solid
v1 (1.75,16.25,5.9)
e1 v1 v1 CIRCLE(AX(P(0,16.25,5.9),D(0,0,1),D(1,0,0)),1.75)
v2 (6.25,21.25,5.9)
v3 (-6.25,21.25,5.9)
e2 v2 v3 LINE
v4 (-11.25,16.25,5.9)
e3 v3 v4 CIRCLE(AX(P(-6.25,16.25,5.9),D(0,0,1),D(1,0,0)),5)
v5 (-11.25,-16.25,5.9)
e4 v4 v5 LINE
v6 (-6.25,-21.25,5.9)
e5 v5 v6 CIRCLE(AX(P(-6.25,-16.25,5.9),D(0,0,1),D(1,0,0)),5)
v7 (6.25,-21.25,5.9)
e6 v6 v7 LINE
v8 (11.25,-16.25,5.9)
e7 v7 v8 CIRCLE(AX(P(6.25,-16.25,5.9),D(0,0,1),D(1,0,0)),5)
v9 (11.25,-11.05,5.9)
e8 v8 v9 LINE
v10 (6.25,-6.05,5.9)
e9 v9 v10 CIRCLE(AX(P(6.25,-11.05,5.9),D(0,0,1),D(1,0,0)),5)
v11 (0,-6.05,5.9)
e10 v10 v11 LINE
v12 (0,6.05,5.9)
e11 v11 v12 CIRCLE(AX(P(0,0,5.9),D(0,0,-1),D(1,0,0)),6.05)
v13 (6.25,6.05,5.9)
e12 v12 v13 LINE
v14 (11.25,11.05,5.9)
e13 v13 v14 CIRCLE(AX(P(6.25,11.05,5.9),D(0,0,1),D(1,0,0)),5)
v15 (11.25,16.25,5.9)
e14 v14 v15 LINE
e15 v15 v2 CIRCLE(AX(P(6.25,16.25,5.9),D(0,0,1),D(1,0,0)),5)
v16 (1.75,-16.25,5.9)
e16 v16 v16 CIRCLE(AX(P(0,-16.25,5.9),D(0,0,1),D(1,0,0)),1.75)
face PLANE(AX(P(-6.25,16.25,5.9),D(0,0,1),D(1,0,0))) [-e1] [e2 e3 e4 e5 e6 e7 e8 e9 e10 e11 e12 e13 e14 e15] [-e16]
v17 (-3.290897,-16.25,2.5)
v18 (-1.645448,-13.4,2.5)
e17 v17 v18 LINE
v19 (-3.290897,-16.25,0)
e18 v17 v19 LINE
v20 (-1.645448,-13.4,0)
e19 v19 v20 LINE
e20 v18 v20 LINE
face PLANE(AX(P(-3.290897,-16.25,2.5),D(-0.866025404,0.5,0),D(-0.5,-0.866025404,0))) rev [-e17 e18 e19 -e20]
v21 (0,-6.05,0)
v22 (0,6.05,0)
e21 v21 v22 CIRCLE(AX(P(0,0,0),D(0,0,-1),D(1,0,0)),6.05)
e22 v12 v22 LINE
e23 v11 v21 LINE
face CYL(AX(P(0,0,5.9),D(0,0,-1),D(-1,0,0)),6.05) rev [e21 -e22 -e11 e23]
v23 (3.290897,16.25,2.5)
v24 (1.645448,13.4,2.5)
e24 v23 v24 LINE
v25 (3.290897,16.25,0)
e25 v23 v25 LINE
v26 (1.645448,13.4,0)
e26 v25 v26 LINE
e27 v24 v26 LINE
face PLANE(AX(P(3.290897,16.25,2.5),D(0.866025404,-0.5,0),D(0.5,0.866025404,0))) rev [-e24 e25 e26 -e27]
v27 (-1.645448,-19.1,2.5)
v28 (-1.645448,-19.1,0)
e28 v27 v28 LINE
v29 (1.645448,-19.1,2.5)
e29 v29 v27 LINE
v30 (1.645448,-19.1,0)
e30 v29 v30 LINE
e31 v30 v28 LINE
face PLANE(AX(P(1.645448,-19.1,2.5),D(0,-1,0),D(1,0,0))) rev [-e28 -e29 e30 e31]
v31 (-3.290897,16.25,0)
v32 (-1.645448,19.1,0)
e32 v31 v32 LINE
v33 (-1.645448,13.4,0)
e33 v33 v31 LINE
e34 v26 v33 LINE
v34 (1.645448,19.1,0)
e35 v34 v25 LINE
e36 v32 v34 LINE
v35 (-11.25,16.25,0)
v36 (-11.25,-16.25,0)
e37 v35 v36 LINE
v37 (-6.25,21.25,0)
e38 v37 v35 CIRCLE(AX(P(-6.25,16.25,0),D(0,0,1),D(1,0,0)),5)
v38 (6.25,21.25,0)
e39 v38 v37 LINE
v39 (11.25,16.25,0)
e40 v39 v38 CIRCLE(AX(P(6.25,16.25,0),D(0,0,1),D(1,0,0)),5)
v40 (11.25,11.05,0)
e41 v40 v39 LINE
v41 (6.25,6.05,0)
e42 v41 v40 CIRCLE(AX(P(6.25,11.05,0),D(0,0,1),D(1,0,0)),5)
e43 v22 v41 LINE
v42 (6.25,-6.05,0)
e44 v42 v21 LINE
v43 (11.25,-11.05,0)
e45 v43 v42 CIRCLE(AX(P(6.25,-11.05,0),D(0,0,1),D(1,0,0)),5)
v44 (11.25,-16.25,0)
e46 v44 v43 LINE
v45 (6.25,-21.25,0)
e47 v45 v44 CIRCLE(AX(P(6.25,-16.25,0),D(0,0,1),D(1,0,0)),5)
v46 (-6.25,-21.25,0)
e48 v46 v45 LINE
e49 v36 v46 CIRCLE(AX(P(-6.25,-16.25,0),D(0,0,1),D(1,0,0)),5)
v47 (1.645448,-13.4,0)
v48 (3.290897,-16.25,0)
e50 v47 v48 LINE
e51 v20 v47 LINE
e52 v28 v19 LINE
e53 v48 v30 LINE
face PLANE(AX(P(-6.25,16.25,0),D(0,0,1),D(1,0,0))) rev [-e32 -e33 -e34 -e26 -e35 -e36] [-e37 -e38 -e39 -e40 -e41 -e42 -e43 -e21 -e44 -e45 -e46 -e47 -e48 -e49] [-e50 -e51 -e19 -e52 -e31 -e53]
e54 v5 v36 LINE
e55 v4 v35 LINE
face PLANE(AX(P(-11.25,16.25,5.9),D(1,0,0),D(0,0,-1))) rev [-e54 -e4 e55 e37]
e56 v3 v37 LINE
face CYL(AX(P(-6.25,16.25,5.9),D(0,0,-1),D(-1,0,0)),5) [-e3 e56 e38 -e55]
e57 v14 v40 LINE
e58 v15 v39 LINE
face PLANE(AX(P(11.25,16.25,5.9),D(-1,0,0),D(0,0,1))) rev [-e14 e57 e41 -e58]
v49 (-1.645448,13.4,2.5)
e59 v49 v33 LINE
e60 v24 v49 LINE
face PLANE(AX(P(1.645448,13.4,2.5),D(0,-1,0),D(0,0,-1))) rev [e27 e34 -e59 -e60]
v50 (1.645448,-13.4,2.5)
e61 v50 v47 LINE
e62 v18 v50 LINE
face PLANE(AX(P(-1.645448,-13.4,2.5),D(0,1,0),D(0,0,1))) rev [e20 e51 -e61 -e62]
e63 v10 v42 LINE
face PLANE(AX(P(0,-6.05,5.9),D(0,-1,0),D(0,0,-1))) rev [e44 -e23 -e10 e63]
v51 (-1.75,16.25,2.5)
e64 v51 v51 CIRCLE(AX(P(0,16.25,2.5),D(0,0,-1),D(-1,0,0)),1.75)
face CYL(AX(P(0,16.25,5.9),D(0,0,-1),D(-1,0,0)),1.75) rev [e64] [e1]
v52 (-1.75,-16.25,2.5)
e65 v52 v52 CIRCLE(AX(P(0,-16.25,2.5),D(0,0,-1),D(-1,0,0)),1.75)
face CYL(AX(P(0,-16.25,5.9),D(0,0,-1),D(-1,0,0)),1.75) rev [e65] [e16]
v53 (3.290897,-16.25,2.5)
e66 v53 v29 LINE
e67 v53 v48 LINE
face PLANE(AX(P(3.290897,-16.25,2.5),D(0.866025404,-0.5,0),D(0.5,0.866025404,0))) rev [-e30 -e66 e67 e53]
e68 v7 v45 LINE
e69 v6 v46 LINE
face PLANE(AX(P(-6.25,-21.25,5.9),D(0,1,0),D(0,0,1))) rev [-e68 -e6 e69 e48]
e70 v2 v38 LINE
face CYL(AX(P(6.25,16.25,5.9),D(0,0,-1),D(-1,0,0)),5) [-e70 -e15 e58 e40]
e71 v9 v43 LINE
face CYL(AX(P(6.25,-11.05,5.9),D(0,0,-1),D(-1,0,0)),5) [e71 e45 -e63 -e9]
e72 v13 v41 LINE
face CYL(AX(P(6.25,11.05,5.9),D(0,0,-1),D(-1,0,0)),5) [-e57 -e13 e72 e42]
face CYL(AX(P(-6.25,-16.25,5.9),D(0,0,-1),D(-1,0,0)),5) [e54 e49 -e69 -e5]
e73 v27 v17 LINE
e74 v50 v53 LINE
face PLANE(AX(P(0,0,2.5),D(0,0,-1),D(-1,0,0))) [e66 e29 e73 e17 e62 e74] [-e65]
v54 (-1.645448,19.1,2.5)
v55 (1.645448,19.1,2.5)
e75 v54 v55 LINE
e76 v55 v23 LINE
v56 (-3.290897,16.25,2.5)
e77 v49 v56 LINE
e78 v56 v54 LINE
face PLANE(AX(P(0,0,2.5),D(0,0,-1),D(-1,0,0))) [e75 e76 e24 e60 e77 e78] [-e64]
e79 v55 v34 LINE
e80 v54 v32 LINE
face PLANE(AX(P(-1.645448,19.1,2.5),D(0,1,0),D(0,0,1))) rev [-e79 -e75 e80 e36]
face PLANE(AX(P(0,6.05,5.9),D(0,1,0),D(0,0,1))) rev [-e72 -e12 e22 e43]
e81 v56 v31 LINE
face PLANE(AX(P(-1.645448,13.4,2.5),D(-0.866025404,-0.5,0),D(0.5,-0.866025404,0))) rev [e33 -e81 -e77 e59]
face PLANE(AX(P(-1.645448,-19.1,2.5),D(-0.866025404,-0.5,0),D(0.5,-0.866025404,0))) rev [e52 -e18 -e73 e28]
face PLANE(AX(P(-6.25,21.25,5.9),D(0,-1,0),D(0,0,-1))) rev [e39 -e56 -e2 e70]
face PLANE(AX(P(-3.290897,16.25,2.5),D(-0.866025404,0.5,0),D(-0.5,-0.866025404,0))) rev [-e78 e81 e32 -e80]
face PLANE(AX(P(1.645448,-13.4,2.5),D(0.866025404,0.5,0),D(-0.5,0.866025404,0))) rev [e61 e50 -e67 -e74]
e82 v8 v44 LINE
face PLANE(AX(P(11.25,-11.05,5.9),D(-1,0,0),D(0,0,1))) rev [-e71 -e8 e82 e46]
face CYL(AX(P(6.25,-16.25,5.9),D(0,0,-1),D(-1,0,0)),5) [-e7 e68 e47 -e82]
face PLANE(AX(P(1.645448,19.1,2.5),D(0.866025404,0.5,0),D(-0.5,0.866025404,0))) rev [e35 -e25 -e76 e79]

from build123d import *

# Parameters (mm, degrees)
SKETCH_1_R          = 1.75
EXTRUDE_1_DEPTH     = 5.9
CUT_EXTRUDE_1_DEPTH = 2.5


with BuildPart() as part:
    # 草图1 → 凸台-拉伸1 (new body)
    with BuildSketch(Plane.XY):
        with BuildLine():
            Line((-11.25, 16.25), (-11.25, -16.25))
            ThreePointArc((-11.25, -16.25), (-9.785533906, -19.785533906), (-6.25, -21.25))
            Line((-6.25, -21.25), (6.25, -21.25))
            ThreePointArc((6.25, -21.25), (9.785533906, -19.785533906), (11.25, -16.25))
            Line((11.25, -16.25), (11.25, -11.05))
            ThreePointArc((11.25, -11.05), (9.785533906, -7.514466094), (6.25, -6.05))
            Line((6.25, -6.05), (0, -6.05))
            ThreePointArc((0, -6.05), (-6.05, 0), (0, 6.05))
            Line((0, 6.05), (6.25, 6.05))
            ThreePointArc((6.25, 6.05), (9.785533906, 7.514466094), (11.25, 11.05))
            Line((11.25, 11.05), (11.25, 16.25))
            ThreePointArc((11.25, 16.25), (9.785533906, 19.785533906), (6.25, 21.25))
            Line((6.25, 21.25), (-6.25, 21.25))
            ThreePointArc((-6.25, 21.25), (-9.785533906, 19.785533906), (-11.25, 16.25))
        make_face()
        with Locations((0, 16.25)):
            Circle(SKETCH_1_R, mode=Mode.SUBTRACT)
        with Locations((0, -16.25)):
            Circle(SKETCH_1_R, mode=Mode.SUBTRACT)
    extrude(amount=EXTRUDE_1_DEPTH)

    # 草图2 → 切除-拉伸1 (cut)
    with BuildSketch(Plane(origin=(0, 0, 0), x_dir=(-1, 0, 0), z_dir=(0, 0, -1))):
        Polygon((1.645448267, 13.4), (3.290896534, 16.25), (1.645448267, 19.1), (-1.645448267, 19.1), (-3.290896534, 16.25), (-1.645448267, 13.4), align=None)
        Polygon((-1.645448267, -13.4), (-3.290896534, -16.25), (-1.645448267, -19.1), (1.645448267, -19.1), (3.290896534, -16.25), (1.645448267, -13.4), align=None)
    extrude(amount=-CUT_EXTRUDE_1_DEPTH, mode=Mode.SUBTRACT)


solid = part.part
